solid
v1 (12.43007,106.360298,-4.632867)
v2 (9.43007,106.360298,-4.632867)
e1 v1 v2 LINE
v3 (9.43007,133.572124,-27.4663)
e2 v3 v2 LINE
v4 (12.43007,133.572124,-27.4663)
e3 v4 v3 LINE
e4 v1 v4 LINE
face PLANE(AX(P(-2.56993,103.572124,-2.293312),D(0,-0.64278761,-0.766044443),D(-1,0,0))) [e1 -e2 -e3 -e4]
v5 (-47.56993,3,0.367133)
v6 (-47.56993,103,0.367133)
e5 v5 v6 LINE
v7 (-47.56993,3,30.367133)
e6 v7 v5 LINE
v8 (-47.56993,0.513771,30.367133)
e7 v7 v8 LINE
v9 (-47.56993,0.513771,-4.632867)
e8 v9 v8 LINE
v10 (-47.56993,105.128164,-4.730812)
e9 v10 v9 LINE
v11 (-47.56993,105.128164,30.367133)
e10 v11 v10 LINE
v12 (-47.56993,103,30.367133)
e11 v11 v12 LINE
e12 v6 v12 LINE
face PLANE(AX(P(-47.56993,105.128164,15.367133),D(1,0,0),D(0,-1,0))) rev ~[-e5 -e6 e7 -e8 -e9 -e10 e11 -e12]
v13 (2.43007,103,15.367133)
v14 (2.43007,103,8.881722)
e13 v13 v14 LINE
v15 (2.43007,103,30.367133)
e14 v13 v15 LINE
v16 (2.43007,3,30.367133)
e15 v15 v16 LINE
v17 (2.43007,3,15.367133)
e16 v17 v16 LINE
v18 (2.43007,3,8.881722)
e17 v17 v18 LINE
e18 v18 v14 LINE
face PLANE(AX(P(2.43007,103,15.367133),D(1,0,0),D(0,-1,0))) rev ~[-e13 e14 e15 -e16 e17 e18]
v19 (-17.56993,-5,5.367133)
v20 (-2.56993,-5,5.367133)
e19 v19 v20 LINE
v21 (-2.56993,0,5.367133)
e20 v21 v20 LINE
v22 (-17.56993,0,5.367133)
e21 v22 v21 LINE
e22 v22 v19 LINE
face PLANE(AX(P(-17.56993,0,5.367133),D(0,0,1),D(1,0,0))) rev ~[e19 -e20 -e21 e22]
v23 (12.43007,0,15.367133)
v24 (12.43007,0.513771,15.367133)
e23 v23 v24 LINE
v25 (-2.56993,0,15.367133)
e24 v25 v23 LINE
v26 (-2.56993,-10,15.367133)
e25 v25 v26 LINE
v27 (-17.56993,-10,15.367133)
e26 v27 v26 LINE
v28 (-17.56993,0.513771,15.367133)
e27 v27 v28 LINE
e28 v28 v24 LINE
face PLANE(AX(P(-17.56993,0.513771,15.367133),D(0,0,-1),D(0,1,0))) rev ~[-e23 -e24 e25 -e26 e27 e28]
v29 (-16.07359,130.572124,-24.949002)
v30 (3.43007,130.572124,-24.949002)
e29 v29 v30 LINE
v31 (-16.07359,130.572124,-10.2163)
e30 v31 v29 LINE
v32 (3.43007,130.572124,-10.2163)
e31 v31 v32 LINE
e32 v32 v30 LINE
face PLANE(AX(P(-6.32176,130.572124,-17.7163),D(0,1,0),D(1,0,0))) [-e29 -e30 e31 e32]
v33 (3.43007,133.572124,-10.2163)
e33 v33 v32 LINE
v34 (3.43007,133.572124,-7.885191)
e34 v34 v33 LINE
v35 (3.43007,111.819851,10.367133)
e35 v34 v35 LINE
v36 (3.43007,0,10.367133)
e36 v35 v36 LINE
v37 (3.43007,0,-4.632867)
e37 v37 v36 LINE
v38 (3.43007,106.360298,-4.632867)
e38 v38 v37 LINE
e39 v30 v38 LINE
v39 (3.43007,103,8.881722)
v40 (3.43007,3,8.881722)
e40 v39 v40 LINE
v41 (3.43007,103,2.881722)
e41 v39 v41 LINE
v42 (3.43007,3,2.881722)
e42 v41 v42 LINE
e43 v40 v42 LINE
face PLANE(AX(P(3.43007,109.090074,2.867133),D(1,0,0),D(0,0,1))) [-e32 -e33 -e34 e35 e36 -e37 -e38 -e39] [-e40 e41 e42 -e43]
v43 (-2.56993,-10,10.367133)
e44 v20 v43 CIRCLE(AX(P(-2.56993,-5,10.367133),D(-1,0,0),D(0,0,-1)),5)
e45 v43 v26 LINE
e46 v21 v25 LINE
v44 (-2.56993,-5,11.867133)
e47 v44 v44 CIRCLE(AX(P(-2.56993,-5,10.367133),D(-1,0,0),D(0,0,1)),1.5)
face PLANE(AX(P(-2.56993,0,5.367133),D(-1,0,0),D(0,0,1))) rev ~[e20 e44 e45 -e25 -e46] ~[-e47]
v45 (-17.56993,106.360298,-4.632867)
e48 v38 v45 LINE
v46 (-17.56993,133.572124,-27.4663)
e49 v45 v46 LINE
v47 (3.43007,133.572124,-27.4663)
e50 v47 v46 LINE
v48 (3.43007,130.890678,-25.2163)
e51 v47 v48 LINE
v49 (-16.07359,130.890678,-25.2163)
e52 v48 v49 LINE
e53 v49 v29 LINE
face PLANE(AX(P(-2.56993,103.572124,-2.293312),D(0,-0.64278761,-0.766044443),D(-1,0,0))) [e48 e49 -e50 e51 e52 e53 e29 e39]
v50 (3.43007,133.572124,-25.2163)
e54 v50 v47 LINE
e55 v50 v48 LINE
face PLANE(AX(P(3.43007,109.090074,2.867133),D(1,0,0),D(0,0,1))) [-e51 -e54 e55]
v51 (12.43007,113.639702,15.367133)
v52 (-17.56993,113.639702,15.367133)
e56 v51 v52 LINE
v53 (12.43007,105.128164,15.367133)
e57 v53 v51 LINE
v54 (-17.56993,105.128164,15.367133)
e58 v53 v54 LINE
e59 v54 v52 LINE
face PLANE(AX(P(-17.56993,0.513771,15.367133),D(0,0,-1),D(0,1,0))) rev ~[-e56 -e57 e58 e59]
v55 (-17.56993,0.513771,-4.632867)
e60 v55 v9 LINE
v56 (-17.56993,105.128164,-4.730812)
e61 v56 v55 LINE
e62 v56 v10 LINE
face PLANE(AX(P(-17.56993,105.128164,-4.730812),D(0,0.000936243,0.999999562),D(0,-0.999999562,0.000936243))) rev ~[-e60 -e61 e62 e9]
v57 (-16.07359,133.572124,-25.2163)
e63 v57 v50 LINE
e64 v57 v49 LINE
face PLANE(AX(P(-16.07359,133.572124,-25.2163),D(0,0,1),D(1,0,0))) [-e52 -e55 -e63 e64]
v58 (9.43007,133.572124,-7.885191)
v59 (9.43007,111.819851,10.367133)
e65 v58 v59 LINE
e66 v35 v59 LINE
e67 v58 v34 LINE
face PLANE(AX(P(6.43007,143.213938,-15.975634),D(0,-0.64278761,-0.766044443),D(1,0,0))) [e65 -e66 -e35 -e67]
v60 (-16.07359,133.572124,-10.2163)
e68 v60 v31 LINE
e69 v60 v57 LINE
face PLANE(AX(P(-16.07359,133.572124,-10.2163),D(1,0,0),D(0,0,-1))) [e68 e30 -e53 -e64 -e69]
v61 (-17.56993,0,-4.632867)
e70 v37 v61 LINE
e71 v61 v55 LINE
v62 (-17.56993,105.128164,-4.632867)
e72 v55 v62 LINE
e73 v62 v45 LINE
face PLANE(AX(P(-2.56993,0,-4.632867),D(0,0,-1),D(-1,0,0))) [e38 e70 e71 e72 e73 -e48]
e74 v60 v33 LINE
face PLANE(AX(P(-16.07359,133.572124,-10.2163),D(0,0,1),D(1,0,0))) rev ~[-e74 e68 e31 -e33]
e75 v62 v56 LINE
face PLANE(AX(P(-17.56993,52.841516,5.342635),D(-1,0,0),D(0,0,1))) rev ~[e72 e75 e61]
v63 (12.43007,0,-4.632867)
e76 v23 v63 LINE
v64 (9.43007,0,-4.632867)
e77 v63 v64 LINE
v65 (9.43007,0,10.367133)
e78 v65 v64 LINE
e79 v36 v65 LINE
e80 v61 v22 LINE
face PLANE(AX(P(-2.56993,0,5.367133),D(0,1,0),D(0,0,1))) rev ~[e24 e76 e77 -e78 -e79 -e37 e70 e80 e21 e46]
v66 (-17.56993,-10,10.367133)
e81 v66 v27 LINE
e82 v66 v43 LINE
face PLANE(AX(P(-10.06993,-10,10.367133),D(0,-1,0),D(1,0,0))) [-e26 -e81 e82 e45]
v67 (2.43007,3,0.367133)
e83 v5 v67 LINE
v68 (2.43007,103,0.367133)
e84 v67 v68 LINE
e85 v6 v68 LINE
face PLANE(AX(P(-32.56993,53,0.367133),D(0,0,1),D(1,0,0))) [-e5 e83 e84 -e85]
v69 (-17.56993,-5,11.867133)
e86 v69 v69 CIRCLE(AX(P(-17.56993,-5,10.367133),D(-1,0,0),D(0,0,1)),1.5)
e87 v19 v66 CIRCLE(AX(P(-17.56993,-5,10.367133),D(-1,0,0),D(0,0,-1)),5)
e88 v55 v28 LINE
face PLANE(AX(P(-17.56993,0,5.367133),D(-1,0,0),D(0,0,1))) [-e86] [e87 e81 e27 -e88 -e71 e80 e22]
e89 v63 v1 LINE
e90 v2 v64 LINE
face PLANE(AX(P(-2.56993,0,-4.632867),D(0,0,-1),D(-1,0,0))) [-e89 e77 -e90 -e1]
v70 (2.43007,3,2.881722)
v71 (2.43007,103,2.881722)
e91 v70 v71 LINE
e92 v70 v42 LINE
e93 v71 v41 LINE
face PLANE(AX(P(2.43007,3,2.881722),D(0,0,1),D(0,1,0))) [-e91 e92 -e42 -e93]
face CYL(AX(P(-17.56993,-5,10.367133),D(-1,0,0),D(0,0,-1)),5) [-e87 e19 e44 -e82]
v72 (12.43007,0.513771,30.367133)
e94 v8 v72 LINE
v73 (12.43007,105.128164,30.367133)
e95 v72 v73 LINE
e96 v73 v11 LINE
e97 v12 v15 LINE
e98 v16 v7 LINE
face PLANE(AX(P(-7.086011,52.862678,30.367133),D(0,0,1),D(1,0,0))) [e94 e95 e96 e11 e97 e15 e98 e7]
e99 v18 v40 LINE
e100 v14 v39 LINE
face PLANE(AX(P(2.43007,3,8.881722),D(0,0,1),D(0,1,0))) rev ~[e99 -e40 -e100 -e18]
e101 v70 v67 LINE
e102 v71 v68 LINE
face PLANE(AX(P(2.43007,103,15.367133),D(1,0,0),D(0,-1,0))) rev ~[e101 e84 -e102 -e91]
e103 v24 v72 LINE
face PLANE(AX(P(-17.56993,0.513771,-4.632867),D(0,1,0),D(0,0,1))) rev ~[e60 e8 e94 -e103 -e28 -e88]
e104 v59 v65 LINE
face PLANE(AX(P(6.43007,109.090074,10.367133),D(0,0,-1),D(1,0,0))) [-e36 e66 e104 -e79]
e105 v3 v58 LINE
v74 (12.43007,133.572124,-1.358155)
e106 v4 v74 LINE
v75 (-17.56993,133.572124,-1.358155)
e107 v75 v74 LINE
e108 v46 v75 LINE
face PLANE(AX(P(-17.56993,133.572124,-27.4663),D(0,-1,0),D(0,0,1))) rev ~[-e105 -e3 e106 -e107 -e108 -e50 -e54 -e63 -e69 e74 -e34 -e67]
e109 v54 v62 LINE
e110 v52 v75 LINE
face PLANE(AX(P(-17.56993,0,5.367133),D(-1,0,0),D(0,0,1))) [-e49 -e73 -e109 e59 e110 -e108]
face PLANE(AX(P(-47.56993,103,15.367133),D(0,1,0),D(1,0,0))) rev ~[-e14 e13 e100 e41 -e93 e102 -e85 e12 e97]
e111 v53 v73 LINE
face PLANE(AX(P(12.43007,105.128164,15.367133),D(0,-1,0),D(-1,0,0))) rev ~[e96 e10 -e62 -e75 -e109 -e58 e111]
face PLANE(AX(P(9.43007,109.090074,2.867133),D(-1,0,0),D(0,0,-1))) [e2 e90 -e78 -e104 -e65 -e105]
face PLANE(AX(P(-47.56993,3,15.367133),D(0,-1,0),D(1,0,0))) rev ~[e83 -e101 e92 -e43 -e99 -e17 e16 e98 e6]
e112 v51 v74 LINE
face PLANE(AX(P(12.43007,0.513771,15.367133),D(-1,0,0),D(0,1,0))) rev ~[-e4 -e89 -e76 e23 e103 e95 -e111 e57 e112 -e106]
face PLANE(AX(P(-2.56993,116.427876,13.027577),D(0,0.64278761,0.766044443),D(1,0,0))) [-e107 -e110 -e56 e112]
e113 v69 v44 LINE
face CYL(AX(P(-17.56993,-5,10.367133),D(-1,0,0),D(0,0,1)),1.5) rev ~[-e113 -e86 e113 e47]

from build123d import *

# Parameters (mm, degrees)
SKETCH_1_W           = 30
SKETCH_1_H           = 20
SKETCH_16_W          = 6
SKETCH_16_H          = 15
SKETCH_20_W          = 44.009262039
SKETCH_20_H          = 100
ARDUINO_DEPTH        = 15
SKETCH_36_W          = 15
SKETCH_36_H          = 10
EXTRUDE_1_DEPTH      = 10
CUT_EXTRUDE_25_DEPTH = 15
CUT_EXTRUDE_28_DEPTH = 30
SKETCH_41_W          = 19.503659652
SKETCH_41_H          = 15
CUT_EXTRUDE_29_DEPTH = 3
EXTRUDE_2_DEPTH      = 30
SKETCH_46_W          = 30
SKETCH_46_H          = 100
CUT_EXTRUDE_31_DEPTH = 15
EXTRUDE_3_DEPTH      = 15
SKETCH_48_W          = 6
SKETCH_48_H          = 100
CUT_EXTRUDE_32_DEPTH = 5
SKETCH_49_R          = 1.5
CUT_EXTRUDE_33_DEPTH = 15


with BuildPart() as part:
    # 扫描1: sweep along a path in 草图2
    with BuildLine(Plane(origin=(-2.57, 0, 0), x_dir=(0, 0, -1), z_dir=(1, 0, 0))) as sweep_1_path:
        Line((-5.367132867, 0), (-5.367132867, 110))
        Line((-5.367132867, 110), (19.805856068, 140))
    # 草图1 → 扫描1 (sweep)
    with BuildSketch(Plane(origin=(0, 0, 0), x_dir=(1, 0, 0), z_dir=(0, 1, 0))):
        with Locations((-2.56993007, -5.367132867)):
            Rectangle(SKETCH_1_W, SKETCH_1_H)
    sweep(path=sweep_1_path.line, transition=Transition.RIGHT)

    # 切除-扫描2: sweep along a path in 草图19
    with BuildLine(Plane(origin=(6.43006993, 0, 0), x_dir=(0, 0, -1), z_dir=(1, 0, 0))) as sweep_2_path:
        Line((21.720967176, 138.393030976), (-2.867132867, 109.090074414))
        Line((-2.867132867, 109.090074414), (-2.867132867, 0))
    # 草图16 → 切除-扫描2 (sweep, cut)
    with BuildSketch(Plane(origin=(0, 91.907852742, -77.119845338), x_dir=(1, 0, 0), z_dir=(0, 0.7660444431189769, -0.6427876096865407))):
        with Locations((6.43006993, -72.318099374)):
            Rectangle(SKETCH_16_W, SKETCH_16_H)
    sweep(path=sweep_2_path.line, transition=Transition.RIGHT, mode=Mode.SUBTRACT)

    # 草图20 → arduino (cut)
    with BuildSketch(Plane.XY.offset(15.367132867)):
        with Locations((-19.57456109, 53)):
            Rectangle(SKETCH_20_W, SKETCH_20_H)
    extrude(amount=-ARDUINO_DEPTH, mode=Mode.SUBTRACT)

    # 草图36 → 凸台-拉伸1 (add)
    with BuildSketch(Plane.XZ):
        with Locations((-10.06993007, 10.367132867)):
            Rectangle(SKETCH_36_W, SKETCH_36_H)
    extrude(amount=EXTRUDE_1_DEPTH)

    # 草图37 → 切除-拉伸25 (cut)
    with BuildSketch(Plane.ZY.offset(17.56993007)):
        with BuildLine():
            Line((5.367132867, -10), (5.367132867, -5))
            ThreePointArc((5.367132867, -5), (6.831598961, -8.535533906), (10.367132867, -10))
            Line((10.367132867, -10), (5.367132867, -10))
        make_face()
    extrude(amount=-CUT_EXTRUDE_25_DEPTH, mode=Mode.SUBTRACT)

    # 草图40 → 切除-拉伸28 (cut)
    with BuildSketch(Plane.ZY.offset(17.56993007)):
        Polygon((-27.466300499, 133.572123903), (-1.358154713, 133.572123903), (-12.145411637, 146.427876097), align=None)
    extrude(amount=-CUT_EXTRUDE_28_DEPTH, mode=Mode.SUBTRACT)

    # 草图41 → 切除-拉伸29 (cut)
    with BuildSketch(Plane(origin=(0, 133.572123903, 0), x_dir=(1, 0, 0), z_dir=(0, 1, 0))):
        with Locations((-6.321759896, 17.716300499)):
            Rectangle(SKETCH_41_W, SKETCH_41_H)
    extrude(amount=-CUT_EXTRUDE_29_DEPTH, mode=Mode.SUBTRACT)

    # 草图42 → 凸台-拉伸2 (add)
    with BuildSketch(Plane.ZY.offset(17.56993007)):
        Polygon((-4.730811685, 105.128164413), (-4.632867133, 0.51377094), (15.367132867, 0.51377094), (15.367132867, 105.128164413), align=None)
    extrude(amount=EXTRUDE_2_DEPTH)

    # 草图46 → 切除-拉伸31 (cut)
    with BuildSketch(Plane.XY.offset(15.367132867)):
        with Locations((-32.56993007, 53)):
            Rectangle(SKETCH_46_W, SKETCH_46_H)
    extrude(amount=-CUT_EXTRUDE_31_DEPTH, mode=Mode.SUBTRACT)

    # 草图47 → 凸台-拉伸3 (add)
    with BuildSketch(Plane.XY.offset(15.367132867)):
        Polygon((-47.56993007, 105.128164413), (-47.56993007, 103), (2.43006993, 103), (2.43006993, 3), (-47.56993007, 3), (-47.56993007, 0.51377094), (12.43006993, 0.51377094), (12.43006993, 105.128164413), align=None)
    extrude(amount=EXTRUDE_3_DEPTH)

    # 草图48 → 切除-拉伸32 (cut)
    with BuildSketch(Plane.ZY.offset(-2.43006993)):
        with Locations((5.88172197, 53)):
            Rectangle(SKETCH_48_W, SKETCH_48_H)
    extrude(amount=-CUT_EXTRUDE_32_DEPTH, mode=Mode.SUBTRACT)

    # 草图49 → 切除-拉伸33 (cut)
    with BuildSketch(Plane.ZY.offset(17.56993007)):
        with Locations((10.367132867, -5)):
            Circle(SKETCH_49_R)
    extrude(amount=-CUT_EXTRUDE_33_DEPTH, mode=Mode.SUBTRACT)


solid = part.part
